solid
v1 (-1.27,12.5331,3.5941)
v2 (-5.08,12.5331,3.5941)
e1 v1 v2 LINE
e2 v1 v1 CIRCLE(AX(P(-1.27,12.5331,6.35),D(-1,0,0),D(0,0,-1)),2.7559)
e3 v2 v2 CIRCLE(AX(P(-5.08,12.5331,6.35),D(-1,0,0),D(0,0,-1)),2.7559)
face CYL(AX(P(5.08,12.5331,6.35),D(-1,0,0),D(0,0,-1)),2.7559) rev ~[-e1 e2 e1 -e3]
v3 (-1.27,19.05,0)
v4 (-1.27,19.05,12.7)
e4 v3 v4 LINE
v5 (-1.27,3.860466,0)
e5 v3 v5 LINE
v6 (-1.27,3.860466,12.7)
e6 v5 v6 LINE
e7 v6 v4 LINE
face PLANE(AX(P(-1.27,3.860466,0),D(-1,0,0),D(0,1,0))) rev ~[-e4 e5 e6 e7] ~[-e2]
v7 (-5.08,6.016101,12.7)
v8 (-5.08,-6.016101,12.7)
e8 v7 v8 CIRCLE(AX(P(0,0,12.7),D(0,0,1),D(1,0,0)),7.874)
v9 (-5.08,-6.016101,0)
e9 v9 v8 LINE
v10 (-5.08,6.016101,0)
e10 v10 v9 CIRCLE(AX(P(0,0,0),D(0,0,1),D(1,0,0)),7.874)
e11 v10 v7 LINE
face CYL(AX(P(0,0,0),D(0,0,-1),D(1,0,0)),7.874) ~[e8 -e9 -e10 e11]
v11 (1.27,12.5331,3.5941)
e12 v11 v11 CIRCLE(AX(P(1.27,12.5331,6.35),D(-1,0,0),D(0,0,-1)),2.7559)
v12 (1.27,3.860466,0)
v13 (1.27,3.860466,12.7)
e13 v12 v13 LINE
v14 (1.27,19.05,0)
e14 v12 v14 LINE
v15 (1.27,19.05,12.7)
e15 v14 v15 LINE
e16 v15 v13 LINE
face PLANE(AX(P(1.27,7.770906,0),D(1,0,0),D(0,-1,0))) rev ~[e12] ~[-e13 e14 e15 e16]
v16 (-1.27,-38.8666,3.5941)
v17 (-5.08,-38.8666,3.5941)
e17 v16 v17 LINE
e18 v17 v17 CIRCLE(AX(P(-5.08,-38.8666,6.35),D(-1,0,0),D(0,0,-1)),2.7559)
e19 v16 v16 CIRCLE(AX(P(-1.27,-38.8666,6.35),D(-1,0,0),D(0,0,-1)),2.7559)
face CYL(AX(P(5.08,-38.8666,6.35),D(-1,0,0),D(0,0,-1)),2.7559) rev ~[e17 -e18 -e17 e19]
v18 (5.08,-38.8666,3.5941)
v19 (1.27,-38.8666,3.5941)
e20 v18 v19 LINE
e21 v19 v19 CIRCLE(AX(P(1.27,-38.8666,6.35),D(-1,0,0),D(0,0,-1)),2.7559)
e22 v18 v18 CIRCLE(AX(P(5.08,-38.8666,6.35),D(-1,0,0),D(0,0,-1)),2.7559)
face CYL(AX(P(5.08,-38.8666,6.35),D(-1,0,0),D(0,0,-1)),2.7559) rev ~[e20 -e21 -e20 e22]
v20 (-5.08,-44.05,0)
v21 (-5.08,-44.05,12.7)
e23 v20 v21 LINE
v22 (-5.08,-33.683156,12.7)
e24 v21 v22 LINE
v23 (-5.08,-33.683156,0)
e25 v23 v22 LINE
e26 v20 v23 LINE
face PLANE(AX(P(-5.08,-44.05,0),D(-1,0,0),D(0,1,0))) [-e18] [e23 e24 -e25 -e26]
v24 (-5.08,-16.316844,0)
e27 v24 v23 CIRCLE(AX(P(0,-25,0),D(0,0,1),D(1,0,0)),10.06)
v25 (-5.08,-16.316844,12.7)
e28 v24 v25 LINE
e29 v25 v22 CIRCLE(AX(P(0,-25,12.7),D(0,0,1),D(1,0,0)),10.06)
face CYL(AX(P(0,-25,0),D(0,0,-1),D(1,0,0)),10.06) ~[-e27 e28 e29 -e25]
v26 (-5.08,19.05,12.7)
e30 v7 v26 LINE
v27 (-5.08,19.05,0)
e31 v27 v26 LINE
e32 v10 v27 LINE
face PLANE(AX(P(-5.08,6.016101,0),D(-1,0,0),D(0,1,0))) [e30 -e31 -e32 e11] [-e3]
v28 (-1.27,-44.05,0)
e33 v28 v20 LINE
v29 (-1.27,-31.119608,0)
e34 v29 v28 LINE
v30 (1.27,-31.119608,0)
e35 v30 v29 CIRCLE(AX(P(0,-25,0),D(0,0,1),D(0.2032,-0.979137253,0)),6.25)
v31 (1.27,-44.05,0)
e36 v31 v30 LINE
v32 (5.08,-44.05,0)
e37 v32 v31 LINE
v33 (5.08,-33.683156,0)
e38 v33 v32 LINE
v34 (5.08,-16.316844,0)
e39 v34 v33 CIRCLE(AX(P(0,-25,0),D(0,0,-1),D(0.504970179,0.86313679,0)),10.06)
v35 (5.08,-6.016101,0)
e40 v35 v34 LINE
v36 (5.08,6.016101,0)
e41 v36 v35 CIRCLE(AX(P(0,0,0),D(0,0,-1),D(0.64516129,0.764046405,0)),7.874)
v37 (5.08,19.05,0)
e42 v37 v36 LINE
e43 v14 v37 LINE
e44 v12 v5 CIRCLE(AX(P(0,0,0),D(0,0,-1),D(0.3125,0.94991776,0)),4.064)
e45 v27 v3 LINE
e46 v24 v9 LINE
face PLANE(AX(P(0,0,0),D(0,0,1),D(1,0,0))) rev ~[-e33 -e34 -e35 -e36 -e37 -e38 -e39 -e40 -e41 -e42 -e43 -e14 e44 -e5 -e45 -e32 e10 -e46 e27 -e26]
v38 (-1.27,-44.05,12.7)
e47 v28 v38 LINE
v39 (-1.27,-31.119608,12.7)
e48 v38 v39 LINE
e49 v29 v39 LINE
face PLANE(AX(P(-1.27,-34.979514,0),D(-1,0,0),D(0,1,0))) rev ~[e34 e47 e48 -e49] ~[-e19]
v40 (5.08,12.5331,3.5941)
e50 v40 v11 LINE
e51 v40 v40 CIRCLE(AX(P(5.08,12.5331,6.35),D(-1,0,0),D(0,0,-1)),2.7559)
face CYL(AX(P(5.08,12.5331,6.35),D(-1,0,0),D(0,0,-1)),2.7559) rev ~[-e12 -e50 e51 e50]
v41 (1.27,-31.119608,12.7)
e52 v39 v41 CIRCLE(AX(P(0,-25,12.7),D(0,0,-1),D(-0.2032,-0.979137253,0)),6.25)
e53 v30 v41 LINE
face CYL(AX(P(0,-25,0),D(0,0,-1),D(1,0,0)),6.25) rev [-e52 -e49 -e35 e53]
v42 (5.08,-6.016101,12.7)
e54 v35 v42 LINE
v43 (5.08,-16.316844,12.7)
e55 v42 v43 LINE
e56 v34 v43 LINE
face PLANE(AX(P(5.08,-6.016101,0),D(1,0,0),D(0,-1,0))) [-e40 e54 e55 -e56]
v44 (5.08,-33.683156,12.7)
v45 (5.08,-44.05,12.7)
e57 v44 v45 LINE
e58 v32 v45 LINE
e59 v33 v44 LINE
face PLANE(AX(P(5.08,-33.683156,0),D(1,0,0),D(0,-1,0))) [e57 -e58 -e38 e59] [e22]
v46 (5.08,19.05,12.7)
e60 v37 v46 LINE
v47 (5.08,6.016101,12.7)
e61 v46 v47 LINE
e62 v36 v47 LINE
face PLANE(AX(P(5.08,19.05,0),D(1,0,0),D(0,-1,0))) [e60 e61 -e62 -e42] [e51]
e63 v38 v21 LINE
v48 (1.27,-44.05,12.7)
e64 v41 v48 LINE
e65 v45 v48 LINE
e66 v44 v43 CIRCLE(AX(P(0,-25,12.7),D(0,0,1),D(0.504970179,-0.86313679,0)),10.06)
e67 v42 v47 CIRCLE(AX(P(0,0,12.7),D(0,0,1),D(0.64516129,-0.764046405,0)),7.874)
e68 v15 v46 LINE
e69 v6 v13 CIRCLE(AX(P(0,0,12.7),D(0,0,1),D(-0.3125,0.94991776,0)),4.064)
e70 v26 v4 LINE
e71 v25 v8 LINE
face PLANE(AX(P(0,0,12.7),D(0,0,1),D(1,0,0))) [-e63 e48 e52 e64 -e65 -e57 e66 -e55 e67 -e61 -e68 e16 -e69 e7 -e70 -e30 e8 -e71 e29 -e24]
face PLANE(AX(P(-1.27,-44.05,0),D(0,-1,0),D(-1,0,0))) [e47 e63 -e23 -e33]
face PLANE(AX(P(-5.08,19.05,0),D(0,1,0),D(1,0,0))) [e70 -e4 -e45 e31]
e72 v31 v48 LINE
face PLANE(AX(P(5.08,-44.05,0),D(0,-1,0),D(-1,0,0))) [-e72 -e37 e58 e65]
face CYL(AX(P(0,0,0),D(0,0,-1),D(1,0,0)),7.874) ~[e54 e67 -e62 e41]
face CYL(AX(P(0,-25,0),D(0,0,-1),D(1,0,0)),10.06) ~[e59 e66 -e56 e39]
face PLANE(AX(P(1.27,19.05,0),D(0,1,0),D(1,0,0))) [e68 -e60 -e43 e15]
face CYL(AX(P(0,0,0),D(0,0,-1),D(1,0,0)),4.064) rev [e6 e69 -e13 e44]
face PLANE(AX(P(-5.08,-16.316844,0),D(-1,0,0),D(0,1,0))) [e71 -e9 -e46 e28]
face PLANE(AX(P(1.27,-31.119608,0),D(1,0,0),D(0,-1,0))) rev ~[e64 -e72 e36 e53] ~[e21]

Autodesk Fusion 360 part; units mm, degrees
sketch "Sketch1" plane through (0, 0, 0) normal (0, 0, 1) x (1, 0, 0)
  circle A0 centre (0, 0) radius 4.064
  circle A1 centre (0, 0) radius 7.874
  circle A2 centre (0, -25) radius 10.06
  circle A3 centre (0, -25) radius 6.25
  line L0 (0, 0) -> (0, -25) construction
  line L1 (4.064, 0) -> (-4.064, 0)
  line L2 (-4.064, 0) -> (-4.064, -25)
  line L3 (-4.064, -25) -> (4.064, -25)
  line L4 (4.064, -25) -> (4.064, 0)
  line L5 (4.064, 0) -> (-4.064, -25) construction
  line L6 (-4.064, 0) -> (4.064, -25) construction
  line L7 (-1.27, 19.05) -> (1.27, 19.05)
  line L8 (1.27, 19.05) -> (1.27, -44.05)
  line L9 (1.27, -44.05) -> (-1.27, -44.05)
  line L10 (-1.27, -44.05) -> (-1.27, 19.05)
  line L11 (-1.27, 19.05) -> (1.27, -44.05) construction
  line L12 (1.27, 19.05) -> (-1.27, -44.05) construction
  line L13 (-5.08, 19.05) -> (5.08, 19.05)
  line L14 (5.08, 19.05) -> (5.08, -44.05)
  line L15 (5.08, -44.05) -> (-5.08, -44.05)
  line L16 (-5.08, -44.05) -> (-5.08, 19.05)
  line L17 (-5.08, 19.05) -> (5.08, -44.05) construction
  line L18 (5.08, 19.05) -> (-5.08, -44.05) construction
  point P0 (0, -12.5)
  point P1 (0, -12.5)
  point P2 (0, -12.5)
  dimension "d2" = 3.81
  dimension "d3" = 8.128
  dimension "d4" = 12.5
  dimension "d5" = 3.81
  dimension "d10" = 25
  dimension "d11" = 3.81
  dimension "d13" = 2.54
  dimension "d15" = 19.05
extrude "Extrude1" add sketch "Sketch1" along normal blind 12.7 contours A0 A1 L4 L8 | A0 A1 L4 L8 L14 | A0 A1 L8 L10 | A1 A2 L4 L8 | A1 A2 L4 L14 | A0 A1 L2 L10 L16 | A1 L8 L13 L14 | A0 A1 L2 L10 | A1 A2 L8 L10 | A1 L14 | A2 A3 L4 L8 | A2 A3 L4 L14 | A1 L10 L13 L16 | A1 A2 L2 L10 | A2 A3 L8 L10 | A2 A3 L14 | A1 A2 L2 L16 | A1 L16 | A2 A3 L2 L10 | A2 A3 L2 L16 | A2 L8 L14 L15 | A2 A3 L8 L14 | A2 A3 L16 | A2 A3 L10 L16 | A2 L10 L15 L16 picked at (-0.651, -6.5631) picked at (0.9887, -17.5551)
sketch "Sketch2" plane through (5.08, 0, 0) normal (1, 0, 0) x (0, 1, 0)
  line L0 (-44.05, 0) -> (-33.6832, 0)
  line L1 (-33.6832, 0) -> (-33.6832, 12.7)
  line L2 (-33.6832, 12.7) -> (-44.05, 12.7)
  line L3 (-44.05, 12.7) -> (-44.05, 0)
  line L4 (-38.8666, 12.7) -> (-38.8666, 0)
  point P0 (-38.8666, 6.35)
hole "Hole1" at (5.08, -38.8666, 6.35) direction (-1, 0, 0) diameter 5.5118 depth 40.64 tip angle 180
sketch "Sketch3" plane through (5.08, 0, 0) normal (1, 0, 0) x (0, 1, 0)
  line L0 (6.0161, 0) -> (19.05, 0)
  line L1 (19.05, 0) -> (19.05, 12.7)
  line L2 (19.05, 12.7) -> (6.0161, 12.7)
  line L3 (6.0161, 12.7) -> (6.0161, 0)
  line L4 (12.5331, 12.7) -> (12.5331, 0)
  point P0 (12.5331, 6.35)
hole "Hole2" at (5.08, 12.5331, 6.35) direction (-1, 0, 0) diameter 5.5118 depth 40.64 tip angle 180
